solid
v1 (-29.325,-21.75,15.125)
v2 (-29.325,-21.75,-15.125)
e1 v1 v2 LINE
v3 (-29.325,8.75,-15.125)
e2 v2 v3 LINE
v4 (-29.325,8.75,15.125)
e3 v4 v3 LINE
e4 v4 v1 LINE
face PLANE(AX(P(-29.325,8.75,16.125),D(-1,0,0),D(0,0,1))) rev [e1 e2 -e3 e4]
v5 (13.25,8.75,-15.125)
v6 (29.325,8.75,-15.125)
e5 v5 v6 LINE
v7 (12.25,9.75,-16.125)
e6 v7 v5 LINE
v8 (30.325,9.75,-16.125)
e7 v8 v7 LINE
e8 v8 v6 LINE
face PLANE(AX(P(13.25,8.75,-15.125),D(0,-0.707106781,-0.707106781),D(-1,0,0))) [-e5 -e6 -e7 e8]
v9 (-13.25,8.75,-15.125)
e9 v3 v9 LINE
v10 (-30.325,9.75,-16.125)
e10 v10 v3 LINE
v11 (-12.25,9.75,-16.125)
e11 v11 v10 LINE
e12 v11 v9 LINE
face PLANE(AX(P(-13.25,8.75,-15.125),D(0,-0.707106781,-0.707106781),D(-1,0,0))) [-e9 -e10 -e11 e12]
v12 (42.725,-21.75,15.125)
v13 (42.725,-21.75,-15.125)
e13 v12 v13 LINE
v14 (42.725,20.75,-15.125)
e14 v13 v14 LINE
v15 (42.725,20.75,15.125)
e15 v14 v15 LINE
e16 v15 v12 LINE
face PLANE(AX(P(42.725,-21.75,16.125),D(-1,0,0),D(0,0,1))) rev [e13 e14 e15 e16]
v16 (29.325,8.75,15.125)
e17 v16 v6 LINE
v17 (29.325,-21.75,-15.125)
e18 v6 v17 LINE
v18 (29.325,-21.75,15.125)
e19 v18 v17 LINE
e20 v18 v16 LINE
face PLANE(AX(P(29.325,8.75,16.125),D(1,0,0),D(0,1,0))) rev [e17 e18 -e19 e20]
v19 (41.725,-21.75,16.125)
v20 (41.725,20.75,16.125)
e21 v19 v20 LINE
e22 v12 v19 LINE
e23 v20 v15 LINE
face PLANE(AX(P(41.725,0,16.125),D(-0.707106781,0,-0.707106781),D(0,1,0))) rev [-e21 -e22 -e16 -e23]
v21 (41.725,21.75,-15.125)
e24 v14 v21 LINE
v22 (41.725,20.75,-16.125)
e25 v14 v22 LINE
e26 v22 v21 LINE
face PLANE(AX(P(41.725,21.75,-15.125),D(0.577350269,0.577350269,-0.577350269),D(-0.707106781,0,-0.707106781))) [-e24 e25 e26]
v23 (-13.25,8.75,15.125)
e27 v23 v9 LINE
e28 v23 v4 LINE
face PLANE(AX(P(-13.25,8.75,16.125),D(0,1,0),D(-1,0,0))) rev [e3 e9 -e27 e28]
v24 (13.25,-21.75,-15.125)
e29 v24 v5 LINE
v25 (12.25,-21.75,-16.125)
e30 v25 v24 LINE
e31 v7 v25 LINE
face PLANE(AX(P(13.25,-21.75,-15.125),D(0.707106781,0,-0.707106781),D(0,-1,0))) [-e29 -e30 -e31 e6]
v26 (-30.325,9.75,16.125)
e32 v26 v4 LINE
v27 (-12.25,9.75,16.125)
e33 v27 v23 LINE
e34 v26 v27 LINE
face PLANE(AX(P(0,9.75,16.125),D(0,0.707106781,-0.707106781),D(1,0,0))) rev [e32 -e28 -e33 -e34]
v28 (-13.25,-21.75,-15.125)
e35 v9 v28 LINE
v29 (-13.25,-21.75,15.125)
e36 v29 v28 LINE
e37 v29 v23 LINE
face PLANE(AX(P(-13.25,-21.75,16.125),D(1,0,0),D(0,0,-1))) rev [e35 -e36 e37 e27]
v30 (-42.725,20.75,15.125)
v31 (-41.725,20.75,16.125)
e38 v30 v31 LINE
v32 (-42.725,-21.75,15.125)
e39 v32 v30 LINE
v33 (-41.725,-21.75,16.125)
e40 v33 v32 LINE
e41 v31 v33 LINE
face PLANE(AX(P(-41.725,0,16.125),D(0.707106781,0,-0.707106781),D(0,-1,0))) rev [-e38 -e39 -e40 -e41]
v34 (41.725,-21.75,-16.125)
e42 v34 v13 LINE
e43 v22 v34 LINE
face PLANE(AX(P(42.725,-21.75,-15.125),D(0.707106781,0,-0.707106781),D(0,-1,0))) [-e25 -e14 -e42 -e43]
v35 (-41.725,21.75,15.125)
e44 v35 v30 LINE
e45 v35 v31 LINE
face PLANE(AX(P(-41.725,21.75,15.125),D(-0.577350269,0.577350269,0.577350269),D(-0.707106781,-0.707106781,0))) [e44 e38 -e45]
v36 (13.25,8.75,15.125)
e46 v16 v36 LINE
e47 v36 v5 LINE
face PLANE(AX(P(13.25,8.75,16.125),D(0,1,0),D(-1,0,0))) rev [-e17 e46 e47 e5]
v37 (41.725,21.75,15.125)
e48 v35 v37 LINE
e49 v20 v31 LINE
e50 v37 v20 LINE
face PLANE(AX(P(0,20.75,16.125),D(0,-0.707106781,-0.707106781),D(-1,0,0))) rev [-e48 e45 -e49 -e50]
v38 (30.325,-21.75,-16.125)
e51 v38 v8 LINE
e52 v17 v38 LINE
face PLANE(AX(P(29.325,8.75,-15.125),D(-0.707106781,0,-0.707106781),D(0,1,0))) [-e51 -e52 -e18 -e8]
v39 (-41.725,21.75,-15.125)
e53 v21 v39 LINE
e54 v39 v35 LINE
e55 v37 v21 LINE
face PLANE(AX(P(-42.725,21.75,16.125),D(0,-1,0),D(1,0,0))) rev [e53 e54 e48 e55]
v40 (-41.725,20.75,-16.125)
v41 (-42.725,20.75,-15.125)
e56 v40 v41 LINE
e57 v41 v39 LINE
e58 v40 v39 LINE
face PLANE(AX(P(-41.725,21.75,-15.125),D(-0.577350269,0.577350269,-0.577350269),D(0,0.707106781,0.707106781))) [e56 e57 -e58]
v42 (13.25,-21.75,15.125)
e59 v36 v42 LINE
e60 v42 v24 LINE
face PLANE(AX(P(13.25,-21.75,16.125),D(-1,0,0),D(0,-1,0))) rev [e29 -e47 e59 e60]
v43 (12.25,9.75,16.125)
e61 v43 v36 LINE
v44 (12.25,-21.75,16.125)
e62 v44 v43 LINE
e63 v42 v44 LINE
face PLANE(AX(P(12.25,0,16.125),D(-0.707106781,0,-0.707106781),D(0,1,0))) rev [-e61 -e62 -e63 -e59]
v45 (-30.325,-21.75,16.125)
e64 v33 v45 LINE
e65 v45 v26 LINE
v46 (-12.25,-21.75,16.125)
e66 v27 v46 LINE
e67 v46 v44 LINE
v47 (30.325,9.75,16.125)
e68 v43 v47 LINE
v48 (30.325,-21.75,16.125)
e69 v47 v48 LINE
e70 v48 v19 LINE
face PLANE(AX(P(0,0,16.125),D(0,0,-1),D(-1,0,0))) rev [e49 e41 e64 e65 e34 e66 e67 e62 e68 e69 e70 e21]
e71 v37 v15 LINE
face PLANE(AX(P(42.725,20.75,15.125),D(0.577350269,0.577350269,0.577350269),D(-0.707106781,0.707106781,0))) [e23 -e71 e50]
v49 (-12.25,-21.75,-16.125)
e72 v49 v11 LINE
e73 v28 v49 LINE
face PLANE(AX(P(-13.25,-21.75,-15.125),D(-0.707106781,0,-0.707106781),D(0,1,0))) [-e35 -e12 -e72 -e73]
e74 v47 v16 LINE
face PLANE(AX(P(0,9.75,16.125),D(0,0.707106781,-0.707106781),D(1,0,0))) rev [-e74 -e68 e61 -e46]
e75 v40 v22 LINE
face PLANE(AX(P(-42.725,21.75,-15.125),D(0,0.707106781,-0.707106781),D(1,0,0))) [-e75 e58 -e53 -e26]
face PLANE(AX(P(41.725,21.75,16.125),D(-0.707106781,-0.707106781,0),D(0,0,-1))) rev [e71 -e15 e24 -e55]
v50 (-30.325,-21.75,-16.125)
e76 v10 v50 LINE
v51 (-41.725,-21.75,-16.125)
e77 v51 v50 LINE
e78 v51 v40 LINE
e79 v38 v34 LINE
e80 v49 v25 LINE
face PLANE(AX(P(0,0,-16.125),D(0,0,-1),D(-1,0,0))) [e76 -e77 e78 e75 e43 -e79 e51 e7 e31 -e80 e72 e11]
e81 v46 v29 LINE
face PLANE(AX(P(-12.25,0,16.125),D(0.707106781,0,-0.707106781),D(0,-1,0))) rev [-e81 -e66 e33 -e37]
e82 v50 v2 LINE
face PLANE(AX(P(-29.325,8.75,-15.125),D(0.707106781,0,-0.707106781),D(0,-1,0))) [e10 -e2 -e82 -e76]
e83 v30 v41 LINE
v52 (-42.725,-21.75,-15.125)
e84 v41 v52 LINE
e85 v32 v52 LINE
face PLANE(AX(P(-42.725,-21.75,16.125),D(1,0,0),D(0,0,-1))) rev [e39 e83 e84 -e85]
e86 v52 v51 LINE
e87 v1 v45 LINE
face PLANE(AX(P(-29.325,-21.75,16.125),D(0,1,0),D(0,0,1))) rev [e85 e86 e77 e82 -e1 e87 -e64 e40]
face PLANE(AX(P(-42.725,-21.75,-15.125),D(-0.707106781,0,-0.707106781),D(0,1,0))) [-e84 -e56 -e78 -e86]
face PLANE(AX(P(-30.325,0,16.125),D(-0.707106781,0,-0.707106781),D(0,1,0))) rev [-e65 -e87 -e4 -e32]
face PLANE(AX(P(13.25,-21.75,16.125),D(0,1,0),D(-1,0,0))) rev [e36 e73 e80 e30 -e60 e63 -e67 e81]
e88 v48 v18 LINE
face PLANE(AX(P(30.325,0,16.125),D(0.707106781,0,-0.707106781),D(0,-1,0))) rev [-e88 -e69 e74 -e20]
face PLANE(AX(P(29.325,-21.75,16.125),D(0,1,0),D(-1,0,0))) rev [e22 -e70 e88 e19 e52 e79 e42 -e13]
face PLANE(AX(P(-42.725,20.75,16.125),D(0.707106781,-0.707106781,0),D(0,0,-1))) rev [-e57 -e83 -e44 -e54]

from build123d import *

# Parameters (mm, degrees)
BOSS_EXTRUDE1_DEPTH = 16.125
CHAMFER1_SIZE       = 1


with BuildPart() as part:
    # Sketch1 → Boss-Extrude1 (new, symmetric)
    with BuildSketch(Plane.XY):
        Polygon((13.25, -21.75), (-13.25, -21.75), (-13.25, 8.75), (-29.325, 8.75), (-29.325, -21.75), (-42.725, -21.75), (-42.725, 21.75), (42.725, 21.75), (42.725, -21.75), (29.325, -21.75), (29.325, 8.75), (13.25, 8.75), align=None)
    extrude(amount=BOSS_EXTRUDE1_DEPTH, both=True)

    # Chamfer1
    chamfer1_edges = [part.edges().sort_by_distance(p)[0] for p in [
        (13.25, -6.5, -16.125),
        (-13.25, -6.5, -16.125),
        (-21.2875, 8.75, -16.125),
        (-29.325, -6.5, -16.125),
        (-42.725, 0, -16.125),
        (0, 21.75, -16.125),
        (42.725, 0, -16.125),
        (29.325, -6.5, -16.125),
        (21.2875, 8.75, -16.125),
        (42.725, 0, 16.125),
        (0, 21.75, 16.125),
        (-42.725, 21.75, 0),
        (42.725, 21.75, 0),
        (-42.725, 0, 16.125),
        (-29.325, -6.5, 16.125),
        (-21.2875, 8.75, 16.125),
        (-13.25, -6.5, 16.125),
        (13.25, -6.5, 16.125),
        (21.2875, 8.75, 16.125),
        (29.325, -6.5, 16.125),
    ]]
    chamfer(chamfer1_edges, length=CHAMFER1_SIZE)


solid = part.part
